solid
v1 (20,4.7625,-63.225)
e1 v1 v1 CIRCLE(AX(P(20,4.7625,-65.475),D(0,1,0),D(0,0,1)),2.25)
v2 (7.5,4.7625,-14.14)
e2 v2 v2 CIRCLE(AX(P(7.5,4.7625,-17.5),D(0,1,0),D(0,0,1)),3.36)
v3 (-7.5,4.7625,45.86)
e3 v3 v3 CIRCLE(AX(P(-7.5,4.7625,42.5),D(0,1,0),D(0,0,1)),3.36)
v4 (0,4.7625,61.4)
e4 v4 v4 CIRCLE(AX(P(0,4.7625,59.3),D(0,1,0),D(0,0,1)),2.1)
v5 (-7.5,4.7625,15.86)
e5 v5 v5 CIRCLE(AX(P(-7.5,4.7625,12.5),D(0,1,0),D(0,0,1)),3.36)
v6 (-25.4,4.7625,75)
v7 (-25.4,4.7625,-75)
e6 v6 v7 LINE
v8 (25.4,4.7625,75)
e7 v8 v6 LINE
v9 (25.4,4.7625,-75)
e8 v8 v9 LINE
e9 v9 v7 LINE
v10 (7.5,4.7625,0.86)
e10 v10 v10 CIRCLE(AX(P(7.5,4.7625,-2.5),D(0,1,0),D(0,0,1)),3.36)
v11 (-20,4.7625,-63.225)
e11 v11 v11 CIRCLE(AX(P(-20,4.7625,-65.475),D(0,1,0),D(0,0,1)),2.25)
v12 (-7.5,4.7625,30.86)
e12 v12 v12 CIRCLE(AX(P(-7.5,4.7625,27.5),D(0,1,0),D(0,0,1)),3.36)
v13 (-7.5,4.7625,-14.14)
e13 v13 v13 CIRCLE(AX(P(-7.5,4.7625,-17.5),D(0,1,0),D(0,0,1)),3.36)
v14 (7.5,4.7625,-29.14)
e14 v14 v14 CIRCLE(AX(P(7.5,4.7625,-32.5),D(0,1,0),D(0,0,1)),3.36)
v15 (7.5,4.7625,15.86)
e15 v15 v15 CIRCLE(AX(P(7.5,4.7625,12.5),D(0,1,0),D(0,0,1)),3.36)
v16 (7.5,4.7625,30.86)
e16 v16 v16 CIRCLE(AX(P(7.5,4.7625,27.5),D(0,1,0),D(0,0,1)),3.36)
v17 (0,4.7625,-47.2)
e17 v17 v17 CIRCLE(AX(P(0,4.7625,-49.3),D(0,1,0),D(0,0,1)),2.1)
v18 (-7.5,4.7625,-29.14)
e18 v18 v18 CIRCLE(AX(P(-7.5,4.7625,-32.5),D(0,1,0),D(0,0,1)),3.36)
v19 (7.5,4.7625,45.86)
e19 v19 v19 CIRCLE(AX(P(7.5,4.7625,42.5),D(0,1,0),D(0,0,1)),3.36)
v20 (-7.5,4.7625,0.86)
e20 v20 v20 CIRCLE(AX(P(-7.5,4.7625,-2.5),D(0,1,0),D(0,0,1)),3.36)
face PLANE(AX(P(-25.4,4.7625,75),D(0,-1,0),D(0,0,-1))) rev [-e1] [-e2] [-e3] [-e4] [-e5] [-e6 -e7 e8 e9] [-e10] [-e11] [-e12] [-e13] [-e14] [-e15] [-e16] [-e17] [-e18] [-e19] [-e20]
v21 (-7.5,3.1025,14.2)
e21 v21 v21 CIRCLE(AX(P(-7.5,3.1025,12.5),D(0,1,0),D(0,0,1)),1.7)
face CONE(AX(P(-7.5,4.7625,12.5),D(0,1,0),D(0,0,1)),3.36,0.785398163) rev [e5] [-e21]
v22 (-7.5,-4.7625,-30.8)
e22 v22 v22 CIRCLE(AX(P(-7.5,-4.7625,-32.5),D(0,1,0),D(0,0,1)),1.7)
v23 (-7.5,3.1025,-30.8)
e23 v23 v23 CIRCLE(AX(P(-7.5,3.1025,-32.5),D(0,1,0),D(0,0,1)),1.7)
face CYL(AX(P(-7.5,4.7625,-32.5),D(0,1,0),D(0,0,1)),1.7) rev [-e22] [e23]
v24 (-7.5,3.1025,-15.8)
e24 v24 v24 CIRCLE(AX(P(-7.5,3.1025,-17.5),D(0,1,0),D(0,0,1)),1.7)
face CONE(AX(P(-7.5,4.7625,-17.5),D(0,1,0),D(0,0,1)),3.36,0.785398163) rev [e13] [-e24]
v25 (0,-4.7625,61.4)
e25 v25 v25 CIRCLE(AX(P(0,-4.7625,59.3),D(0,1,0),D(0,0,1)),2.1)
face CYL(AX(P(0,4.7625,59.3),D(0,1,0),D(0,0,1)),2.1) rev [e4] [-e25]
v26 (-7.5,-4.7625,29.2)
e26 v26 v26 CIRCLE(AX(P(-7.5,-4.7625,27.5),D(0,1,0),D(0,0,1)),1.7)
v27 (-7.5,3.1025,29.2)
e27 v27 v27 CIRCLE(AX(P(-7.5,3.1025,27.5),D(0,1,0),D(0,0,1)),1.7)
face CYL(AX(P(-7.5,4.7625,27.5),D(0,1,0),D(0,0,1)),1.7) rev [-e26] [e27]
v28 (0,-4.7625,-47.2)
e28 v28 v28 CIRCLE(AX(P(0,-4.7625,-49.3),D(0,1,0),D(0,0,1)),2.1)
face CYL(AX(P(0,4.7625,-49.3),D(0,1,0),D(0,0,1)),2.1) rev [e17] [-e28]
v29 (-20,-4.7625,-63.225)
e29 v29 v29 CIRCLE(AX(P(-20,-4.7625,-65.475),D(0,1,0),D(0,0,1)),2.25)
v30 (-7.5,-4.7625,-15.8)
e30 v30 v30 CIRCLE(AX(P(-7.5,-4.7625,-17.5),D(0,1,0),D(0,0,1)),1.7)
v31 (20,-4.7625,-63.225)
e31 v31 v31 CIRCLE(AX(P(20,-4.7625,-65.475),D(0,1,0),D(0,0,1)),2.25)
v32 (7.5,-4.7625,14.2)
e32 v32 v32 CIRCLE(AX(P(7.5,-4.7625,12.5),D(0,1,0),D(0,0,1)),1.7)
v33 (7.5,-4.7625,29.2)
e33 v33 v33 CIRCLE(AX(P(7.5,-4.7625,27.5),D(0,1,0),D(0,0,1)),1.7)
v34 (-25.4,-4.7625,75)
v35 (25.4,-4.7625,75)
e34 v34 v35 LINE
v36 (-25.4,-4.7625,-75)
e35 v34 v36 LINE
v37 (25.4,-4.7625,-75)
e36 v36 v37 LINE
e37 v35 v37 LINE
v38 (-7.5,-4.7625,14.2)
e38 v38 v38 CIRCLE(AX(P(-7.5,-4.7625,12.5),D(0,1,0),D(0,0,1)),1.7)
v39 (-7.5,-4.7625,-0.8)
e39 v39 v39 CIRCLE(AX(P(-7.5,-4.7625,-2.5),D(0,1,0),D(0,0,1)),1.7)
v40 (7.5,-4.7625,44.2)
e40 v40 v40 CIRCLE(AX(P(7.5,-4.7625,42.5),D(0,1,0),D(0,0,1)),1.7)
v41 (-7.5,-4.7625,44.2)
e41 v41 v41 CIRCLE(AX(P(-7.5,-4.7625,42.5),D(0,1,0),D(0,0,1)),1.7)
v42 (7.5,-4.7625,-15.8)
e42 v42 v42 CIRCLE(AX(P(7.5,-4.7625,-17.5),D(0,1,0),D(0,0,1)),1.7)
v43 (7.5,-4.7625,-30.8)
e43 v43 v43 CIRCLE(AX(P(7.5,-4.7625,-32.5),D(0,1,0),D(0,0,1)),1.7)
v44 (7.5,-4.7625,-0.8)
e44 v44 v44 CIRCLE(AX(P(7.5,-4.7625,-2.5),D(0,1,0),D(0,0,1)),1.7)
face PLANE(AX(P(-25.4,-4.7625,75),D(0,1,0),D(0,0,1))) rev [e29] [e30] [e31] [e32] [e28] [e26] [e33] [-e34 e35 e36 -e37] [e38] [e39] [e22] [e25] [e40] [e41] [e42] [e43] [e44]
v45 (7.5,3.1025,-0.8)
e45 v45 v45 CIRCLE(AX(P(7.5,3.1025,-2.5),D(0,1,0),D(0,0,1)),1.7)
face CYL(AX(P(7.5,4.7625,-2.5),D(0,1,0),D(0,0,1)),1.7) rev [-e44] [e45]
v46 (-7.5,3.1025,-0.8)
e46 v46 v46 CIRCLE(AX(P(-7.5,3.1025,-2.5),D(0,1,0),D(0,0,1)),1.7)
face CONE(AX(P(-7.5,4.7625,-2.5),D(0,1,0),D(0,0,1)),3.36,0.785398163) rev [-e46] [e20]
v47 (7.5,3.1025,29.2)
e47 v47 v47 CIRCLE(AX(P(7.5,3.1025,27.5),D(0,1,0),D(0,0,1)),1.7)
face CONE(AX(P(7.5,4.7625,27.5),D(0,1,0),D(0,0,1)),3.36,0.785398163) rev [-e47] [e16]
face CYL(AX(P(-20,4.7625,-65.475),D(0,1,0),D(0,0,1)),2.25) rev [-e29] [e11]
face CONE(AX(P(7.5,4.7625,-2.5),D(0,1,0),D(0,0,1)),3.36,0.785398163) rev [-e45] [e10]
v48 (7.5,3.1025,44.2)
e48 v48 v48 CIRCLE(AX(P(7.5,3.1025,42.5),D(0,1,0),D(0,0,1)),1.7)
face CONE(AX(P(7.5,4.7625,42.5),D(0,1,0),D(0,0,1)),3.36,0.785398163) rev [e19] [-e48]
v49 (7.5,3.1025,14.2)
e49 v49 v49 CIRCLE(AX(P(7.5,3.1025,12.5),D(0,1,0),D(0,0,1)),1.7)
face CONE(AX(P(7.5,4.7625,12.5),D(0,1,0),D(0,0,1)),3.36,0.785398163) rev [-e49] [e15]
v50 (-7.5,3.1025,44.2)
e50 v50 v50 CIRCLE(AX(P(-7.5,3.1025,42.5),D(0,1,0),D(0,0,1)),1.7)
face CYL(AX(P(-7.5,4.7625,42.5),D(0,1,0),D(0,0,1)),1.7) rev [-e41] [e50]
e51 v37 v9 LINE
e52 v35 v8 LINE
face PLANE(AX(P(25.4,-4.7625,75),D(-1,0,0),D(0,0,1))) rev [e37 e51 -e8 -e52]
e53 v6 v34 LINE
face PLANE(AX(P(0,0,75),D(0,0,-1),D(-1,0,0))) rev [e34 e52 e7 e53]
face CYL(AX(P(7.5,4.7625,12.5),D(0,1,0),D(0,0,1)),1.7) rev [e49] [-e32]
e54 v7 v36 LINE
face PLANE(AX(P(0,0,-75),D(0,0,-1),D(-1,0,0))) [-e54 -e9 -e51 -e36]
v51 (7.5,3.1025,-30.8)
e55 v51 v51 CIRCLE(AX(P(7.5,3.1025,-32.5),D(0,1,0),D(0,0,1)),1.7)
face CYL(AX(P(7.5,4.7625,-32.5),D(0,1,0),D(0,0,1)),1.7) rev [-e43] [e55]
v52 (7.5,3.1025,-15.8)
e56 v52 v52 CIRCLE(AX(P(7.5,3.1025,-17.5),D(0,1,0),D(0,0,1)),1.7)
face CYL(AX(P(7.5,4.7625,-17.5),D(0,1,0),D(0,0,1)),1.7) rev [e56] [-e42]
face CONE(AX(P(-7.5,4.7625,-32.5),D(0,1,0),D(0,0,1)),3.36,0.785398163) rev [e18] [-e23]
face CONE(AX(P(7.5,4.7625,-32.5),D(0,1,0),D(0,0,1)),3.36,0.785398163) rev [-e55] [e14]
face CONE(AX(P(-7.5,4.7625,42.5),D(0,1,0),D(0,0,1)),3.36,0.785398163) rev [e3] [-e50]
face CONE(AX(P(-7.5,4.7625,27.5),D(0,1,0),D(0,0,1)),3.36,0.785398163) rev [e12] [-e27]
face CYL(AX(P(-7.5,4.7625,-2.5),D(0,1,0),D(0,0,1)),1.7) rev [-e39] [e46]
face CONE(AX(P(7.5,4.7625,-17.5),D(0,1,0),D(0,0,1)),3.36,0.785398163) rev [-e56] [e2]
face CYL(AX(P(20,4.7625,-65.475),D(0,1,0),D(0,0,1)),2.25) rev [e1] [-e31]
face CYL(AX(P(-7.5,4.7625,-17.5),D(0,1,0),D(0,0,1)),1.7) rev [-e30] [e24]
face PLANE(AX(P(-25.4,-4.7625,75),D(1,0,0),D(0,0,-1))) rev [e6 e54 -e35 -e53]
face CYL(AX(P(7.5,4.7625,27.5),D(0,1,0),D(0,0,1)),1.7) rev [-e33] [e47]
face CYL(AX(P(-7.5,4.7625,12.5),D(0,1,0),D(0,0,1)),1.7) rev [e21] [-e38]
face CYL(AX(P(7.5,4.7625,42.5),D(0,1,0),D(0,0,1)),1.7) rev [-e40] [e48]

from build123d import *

# Parameters (mm, degrees)
SKETCH1_W                     = 50.8
SKETCH1_H                     = 9.525
BOSS_EXTRUDE1_DEPTH           = 75
TAP_DRILL_FOR_M5X0_8_TAP1_D   = 4.2
M4_CLEARANCE_HOLE1_D          = 4.5
CSK_FOR_M3_SFHCS1_D           = 3.4
CSK_FOR_M3_SFHCS1_CSINK_D     = 6.72
CSK_FOR_M3_SFHCS1_CSINK_ANGLE = 90
LPATTERN1_COUNT               = 6
LPATTERN1_PITCH               = 15


with BuildPart() as part:
    # Sketch1 → Boss-Extrude1 (new, symmetric)
    with BuildSketch(Plane.XY):
        Rectangle(SKETCH1_W, SKETCH1_H)
    extrude(amount=BOSS_EXTRUDE1_DEPTH, both=True)

    # Tap Drill for M5x0.8 Tap1 (through all)
    with Locations(Plane(origin=(0, 4.7625, 0), x_dir=(1, 0, 0), z_dir=(0, 1, 0))):
        with Locations((0, -59.3), (0, 49.3)):
            Hole(TAP_DRILL_FOR_M5X0_8_TAP1_D / 2)

    # M4 Clearance Hole1 (through all)
    with Locations(Plane(origin=(0, 4.7625, 0), x_dir=(1, 0, 0), z_dir=(0, 1, 0))):
        with Locations((-20, 65.475), (20, 65.475)):
            Hole(M4_CLEARANCE_HOLE1_D / 2)

    # CSK for M3 SFHCS1 (through all)
    with Locations(Plane(origin=(0, 4.7625, 0), x_dir=(1, 0, 0), z_dir=(0, 1, 0))):
        with Locations((7.5, 32.5), (-7.5, 32.5)):
            csk_for_m3_sfhcs1 = CounterSinkHole(CSK_FOR_M3_SFHCS1_D / 2, CSK_FOR_M3_SFHCS1_CSINK_D / 2, counter_sink_angle=CSK_FOR_M3_SFHCS1_CSINK_ANGLE)

    # LPattern1: CSK for M3 SFHCS1 ×6
    with Locations(*[(0, 0, i * LPATTERN1_PITCH) for i in range(1, LPATTERN1_COUNT)]):
        add(csk_for_m3_sfhcs1, mode=Mode.SUBTRACT)


solid = part.part
